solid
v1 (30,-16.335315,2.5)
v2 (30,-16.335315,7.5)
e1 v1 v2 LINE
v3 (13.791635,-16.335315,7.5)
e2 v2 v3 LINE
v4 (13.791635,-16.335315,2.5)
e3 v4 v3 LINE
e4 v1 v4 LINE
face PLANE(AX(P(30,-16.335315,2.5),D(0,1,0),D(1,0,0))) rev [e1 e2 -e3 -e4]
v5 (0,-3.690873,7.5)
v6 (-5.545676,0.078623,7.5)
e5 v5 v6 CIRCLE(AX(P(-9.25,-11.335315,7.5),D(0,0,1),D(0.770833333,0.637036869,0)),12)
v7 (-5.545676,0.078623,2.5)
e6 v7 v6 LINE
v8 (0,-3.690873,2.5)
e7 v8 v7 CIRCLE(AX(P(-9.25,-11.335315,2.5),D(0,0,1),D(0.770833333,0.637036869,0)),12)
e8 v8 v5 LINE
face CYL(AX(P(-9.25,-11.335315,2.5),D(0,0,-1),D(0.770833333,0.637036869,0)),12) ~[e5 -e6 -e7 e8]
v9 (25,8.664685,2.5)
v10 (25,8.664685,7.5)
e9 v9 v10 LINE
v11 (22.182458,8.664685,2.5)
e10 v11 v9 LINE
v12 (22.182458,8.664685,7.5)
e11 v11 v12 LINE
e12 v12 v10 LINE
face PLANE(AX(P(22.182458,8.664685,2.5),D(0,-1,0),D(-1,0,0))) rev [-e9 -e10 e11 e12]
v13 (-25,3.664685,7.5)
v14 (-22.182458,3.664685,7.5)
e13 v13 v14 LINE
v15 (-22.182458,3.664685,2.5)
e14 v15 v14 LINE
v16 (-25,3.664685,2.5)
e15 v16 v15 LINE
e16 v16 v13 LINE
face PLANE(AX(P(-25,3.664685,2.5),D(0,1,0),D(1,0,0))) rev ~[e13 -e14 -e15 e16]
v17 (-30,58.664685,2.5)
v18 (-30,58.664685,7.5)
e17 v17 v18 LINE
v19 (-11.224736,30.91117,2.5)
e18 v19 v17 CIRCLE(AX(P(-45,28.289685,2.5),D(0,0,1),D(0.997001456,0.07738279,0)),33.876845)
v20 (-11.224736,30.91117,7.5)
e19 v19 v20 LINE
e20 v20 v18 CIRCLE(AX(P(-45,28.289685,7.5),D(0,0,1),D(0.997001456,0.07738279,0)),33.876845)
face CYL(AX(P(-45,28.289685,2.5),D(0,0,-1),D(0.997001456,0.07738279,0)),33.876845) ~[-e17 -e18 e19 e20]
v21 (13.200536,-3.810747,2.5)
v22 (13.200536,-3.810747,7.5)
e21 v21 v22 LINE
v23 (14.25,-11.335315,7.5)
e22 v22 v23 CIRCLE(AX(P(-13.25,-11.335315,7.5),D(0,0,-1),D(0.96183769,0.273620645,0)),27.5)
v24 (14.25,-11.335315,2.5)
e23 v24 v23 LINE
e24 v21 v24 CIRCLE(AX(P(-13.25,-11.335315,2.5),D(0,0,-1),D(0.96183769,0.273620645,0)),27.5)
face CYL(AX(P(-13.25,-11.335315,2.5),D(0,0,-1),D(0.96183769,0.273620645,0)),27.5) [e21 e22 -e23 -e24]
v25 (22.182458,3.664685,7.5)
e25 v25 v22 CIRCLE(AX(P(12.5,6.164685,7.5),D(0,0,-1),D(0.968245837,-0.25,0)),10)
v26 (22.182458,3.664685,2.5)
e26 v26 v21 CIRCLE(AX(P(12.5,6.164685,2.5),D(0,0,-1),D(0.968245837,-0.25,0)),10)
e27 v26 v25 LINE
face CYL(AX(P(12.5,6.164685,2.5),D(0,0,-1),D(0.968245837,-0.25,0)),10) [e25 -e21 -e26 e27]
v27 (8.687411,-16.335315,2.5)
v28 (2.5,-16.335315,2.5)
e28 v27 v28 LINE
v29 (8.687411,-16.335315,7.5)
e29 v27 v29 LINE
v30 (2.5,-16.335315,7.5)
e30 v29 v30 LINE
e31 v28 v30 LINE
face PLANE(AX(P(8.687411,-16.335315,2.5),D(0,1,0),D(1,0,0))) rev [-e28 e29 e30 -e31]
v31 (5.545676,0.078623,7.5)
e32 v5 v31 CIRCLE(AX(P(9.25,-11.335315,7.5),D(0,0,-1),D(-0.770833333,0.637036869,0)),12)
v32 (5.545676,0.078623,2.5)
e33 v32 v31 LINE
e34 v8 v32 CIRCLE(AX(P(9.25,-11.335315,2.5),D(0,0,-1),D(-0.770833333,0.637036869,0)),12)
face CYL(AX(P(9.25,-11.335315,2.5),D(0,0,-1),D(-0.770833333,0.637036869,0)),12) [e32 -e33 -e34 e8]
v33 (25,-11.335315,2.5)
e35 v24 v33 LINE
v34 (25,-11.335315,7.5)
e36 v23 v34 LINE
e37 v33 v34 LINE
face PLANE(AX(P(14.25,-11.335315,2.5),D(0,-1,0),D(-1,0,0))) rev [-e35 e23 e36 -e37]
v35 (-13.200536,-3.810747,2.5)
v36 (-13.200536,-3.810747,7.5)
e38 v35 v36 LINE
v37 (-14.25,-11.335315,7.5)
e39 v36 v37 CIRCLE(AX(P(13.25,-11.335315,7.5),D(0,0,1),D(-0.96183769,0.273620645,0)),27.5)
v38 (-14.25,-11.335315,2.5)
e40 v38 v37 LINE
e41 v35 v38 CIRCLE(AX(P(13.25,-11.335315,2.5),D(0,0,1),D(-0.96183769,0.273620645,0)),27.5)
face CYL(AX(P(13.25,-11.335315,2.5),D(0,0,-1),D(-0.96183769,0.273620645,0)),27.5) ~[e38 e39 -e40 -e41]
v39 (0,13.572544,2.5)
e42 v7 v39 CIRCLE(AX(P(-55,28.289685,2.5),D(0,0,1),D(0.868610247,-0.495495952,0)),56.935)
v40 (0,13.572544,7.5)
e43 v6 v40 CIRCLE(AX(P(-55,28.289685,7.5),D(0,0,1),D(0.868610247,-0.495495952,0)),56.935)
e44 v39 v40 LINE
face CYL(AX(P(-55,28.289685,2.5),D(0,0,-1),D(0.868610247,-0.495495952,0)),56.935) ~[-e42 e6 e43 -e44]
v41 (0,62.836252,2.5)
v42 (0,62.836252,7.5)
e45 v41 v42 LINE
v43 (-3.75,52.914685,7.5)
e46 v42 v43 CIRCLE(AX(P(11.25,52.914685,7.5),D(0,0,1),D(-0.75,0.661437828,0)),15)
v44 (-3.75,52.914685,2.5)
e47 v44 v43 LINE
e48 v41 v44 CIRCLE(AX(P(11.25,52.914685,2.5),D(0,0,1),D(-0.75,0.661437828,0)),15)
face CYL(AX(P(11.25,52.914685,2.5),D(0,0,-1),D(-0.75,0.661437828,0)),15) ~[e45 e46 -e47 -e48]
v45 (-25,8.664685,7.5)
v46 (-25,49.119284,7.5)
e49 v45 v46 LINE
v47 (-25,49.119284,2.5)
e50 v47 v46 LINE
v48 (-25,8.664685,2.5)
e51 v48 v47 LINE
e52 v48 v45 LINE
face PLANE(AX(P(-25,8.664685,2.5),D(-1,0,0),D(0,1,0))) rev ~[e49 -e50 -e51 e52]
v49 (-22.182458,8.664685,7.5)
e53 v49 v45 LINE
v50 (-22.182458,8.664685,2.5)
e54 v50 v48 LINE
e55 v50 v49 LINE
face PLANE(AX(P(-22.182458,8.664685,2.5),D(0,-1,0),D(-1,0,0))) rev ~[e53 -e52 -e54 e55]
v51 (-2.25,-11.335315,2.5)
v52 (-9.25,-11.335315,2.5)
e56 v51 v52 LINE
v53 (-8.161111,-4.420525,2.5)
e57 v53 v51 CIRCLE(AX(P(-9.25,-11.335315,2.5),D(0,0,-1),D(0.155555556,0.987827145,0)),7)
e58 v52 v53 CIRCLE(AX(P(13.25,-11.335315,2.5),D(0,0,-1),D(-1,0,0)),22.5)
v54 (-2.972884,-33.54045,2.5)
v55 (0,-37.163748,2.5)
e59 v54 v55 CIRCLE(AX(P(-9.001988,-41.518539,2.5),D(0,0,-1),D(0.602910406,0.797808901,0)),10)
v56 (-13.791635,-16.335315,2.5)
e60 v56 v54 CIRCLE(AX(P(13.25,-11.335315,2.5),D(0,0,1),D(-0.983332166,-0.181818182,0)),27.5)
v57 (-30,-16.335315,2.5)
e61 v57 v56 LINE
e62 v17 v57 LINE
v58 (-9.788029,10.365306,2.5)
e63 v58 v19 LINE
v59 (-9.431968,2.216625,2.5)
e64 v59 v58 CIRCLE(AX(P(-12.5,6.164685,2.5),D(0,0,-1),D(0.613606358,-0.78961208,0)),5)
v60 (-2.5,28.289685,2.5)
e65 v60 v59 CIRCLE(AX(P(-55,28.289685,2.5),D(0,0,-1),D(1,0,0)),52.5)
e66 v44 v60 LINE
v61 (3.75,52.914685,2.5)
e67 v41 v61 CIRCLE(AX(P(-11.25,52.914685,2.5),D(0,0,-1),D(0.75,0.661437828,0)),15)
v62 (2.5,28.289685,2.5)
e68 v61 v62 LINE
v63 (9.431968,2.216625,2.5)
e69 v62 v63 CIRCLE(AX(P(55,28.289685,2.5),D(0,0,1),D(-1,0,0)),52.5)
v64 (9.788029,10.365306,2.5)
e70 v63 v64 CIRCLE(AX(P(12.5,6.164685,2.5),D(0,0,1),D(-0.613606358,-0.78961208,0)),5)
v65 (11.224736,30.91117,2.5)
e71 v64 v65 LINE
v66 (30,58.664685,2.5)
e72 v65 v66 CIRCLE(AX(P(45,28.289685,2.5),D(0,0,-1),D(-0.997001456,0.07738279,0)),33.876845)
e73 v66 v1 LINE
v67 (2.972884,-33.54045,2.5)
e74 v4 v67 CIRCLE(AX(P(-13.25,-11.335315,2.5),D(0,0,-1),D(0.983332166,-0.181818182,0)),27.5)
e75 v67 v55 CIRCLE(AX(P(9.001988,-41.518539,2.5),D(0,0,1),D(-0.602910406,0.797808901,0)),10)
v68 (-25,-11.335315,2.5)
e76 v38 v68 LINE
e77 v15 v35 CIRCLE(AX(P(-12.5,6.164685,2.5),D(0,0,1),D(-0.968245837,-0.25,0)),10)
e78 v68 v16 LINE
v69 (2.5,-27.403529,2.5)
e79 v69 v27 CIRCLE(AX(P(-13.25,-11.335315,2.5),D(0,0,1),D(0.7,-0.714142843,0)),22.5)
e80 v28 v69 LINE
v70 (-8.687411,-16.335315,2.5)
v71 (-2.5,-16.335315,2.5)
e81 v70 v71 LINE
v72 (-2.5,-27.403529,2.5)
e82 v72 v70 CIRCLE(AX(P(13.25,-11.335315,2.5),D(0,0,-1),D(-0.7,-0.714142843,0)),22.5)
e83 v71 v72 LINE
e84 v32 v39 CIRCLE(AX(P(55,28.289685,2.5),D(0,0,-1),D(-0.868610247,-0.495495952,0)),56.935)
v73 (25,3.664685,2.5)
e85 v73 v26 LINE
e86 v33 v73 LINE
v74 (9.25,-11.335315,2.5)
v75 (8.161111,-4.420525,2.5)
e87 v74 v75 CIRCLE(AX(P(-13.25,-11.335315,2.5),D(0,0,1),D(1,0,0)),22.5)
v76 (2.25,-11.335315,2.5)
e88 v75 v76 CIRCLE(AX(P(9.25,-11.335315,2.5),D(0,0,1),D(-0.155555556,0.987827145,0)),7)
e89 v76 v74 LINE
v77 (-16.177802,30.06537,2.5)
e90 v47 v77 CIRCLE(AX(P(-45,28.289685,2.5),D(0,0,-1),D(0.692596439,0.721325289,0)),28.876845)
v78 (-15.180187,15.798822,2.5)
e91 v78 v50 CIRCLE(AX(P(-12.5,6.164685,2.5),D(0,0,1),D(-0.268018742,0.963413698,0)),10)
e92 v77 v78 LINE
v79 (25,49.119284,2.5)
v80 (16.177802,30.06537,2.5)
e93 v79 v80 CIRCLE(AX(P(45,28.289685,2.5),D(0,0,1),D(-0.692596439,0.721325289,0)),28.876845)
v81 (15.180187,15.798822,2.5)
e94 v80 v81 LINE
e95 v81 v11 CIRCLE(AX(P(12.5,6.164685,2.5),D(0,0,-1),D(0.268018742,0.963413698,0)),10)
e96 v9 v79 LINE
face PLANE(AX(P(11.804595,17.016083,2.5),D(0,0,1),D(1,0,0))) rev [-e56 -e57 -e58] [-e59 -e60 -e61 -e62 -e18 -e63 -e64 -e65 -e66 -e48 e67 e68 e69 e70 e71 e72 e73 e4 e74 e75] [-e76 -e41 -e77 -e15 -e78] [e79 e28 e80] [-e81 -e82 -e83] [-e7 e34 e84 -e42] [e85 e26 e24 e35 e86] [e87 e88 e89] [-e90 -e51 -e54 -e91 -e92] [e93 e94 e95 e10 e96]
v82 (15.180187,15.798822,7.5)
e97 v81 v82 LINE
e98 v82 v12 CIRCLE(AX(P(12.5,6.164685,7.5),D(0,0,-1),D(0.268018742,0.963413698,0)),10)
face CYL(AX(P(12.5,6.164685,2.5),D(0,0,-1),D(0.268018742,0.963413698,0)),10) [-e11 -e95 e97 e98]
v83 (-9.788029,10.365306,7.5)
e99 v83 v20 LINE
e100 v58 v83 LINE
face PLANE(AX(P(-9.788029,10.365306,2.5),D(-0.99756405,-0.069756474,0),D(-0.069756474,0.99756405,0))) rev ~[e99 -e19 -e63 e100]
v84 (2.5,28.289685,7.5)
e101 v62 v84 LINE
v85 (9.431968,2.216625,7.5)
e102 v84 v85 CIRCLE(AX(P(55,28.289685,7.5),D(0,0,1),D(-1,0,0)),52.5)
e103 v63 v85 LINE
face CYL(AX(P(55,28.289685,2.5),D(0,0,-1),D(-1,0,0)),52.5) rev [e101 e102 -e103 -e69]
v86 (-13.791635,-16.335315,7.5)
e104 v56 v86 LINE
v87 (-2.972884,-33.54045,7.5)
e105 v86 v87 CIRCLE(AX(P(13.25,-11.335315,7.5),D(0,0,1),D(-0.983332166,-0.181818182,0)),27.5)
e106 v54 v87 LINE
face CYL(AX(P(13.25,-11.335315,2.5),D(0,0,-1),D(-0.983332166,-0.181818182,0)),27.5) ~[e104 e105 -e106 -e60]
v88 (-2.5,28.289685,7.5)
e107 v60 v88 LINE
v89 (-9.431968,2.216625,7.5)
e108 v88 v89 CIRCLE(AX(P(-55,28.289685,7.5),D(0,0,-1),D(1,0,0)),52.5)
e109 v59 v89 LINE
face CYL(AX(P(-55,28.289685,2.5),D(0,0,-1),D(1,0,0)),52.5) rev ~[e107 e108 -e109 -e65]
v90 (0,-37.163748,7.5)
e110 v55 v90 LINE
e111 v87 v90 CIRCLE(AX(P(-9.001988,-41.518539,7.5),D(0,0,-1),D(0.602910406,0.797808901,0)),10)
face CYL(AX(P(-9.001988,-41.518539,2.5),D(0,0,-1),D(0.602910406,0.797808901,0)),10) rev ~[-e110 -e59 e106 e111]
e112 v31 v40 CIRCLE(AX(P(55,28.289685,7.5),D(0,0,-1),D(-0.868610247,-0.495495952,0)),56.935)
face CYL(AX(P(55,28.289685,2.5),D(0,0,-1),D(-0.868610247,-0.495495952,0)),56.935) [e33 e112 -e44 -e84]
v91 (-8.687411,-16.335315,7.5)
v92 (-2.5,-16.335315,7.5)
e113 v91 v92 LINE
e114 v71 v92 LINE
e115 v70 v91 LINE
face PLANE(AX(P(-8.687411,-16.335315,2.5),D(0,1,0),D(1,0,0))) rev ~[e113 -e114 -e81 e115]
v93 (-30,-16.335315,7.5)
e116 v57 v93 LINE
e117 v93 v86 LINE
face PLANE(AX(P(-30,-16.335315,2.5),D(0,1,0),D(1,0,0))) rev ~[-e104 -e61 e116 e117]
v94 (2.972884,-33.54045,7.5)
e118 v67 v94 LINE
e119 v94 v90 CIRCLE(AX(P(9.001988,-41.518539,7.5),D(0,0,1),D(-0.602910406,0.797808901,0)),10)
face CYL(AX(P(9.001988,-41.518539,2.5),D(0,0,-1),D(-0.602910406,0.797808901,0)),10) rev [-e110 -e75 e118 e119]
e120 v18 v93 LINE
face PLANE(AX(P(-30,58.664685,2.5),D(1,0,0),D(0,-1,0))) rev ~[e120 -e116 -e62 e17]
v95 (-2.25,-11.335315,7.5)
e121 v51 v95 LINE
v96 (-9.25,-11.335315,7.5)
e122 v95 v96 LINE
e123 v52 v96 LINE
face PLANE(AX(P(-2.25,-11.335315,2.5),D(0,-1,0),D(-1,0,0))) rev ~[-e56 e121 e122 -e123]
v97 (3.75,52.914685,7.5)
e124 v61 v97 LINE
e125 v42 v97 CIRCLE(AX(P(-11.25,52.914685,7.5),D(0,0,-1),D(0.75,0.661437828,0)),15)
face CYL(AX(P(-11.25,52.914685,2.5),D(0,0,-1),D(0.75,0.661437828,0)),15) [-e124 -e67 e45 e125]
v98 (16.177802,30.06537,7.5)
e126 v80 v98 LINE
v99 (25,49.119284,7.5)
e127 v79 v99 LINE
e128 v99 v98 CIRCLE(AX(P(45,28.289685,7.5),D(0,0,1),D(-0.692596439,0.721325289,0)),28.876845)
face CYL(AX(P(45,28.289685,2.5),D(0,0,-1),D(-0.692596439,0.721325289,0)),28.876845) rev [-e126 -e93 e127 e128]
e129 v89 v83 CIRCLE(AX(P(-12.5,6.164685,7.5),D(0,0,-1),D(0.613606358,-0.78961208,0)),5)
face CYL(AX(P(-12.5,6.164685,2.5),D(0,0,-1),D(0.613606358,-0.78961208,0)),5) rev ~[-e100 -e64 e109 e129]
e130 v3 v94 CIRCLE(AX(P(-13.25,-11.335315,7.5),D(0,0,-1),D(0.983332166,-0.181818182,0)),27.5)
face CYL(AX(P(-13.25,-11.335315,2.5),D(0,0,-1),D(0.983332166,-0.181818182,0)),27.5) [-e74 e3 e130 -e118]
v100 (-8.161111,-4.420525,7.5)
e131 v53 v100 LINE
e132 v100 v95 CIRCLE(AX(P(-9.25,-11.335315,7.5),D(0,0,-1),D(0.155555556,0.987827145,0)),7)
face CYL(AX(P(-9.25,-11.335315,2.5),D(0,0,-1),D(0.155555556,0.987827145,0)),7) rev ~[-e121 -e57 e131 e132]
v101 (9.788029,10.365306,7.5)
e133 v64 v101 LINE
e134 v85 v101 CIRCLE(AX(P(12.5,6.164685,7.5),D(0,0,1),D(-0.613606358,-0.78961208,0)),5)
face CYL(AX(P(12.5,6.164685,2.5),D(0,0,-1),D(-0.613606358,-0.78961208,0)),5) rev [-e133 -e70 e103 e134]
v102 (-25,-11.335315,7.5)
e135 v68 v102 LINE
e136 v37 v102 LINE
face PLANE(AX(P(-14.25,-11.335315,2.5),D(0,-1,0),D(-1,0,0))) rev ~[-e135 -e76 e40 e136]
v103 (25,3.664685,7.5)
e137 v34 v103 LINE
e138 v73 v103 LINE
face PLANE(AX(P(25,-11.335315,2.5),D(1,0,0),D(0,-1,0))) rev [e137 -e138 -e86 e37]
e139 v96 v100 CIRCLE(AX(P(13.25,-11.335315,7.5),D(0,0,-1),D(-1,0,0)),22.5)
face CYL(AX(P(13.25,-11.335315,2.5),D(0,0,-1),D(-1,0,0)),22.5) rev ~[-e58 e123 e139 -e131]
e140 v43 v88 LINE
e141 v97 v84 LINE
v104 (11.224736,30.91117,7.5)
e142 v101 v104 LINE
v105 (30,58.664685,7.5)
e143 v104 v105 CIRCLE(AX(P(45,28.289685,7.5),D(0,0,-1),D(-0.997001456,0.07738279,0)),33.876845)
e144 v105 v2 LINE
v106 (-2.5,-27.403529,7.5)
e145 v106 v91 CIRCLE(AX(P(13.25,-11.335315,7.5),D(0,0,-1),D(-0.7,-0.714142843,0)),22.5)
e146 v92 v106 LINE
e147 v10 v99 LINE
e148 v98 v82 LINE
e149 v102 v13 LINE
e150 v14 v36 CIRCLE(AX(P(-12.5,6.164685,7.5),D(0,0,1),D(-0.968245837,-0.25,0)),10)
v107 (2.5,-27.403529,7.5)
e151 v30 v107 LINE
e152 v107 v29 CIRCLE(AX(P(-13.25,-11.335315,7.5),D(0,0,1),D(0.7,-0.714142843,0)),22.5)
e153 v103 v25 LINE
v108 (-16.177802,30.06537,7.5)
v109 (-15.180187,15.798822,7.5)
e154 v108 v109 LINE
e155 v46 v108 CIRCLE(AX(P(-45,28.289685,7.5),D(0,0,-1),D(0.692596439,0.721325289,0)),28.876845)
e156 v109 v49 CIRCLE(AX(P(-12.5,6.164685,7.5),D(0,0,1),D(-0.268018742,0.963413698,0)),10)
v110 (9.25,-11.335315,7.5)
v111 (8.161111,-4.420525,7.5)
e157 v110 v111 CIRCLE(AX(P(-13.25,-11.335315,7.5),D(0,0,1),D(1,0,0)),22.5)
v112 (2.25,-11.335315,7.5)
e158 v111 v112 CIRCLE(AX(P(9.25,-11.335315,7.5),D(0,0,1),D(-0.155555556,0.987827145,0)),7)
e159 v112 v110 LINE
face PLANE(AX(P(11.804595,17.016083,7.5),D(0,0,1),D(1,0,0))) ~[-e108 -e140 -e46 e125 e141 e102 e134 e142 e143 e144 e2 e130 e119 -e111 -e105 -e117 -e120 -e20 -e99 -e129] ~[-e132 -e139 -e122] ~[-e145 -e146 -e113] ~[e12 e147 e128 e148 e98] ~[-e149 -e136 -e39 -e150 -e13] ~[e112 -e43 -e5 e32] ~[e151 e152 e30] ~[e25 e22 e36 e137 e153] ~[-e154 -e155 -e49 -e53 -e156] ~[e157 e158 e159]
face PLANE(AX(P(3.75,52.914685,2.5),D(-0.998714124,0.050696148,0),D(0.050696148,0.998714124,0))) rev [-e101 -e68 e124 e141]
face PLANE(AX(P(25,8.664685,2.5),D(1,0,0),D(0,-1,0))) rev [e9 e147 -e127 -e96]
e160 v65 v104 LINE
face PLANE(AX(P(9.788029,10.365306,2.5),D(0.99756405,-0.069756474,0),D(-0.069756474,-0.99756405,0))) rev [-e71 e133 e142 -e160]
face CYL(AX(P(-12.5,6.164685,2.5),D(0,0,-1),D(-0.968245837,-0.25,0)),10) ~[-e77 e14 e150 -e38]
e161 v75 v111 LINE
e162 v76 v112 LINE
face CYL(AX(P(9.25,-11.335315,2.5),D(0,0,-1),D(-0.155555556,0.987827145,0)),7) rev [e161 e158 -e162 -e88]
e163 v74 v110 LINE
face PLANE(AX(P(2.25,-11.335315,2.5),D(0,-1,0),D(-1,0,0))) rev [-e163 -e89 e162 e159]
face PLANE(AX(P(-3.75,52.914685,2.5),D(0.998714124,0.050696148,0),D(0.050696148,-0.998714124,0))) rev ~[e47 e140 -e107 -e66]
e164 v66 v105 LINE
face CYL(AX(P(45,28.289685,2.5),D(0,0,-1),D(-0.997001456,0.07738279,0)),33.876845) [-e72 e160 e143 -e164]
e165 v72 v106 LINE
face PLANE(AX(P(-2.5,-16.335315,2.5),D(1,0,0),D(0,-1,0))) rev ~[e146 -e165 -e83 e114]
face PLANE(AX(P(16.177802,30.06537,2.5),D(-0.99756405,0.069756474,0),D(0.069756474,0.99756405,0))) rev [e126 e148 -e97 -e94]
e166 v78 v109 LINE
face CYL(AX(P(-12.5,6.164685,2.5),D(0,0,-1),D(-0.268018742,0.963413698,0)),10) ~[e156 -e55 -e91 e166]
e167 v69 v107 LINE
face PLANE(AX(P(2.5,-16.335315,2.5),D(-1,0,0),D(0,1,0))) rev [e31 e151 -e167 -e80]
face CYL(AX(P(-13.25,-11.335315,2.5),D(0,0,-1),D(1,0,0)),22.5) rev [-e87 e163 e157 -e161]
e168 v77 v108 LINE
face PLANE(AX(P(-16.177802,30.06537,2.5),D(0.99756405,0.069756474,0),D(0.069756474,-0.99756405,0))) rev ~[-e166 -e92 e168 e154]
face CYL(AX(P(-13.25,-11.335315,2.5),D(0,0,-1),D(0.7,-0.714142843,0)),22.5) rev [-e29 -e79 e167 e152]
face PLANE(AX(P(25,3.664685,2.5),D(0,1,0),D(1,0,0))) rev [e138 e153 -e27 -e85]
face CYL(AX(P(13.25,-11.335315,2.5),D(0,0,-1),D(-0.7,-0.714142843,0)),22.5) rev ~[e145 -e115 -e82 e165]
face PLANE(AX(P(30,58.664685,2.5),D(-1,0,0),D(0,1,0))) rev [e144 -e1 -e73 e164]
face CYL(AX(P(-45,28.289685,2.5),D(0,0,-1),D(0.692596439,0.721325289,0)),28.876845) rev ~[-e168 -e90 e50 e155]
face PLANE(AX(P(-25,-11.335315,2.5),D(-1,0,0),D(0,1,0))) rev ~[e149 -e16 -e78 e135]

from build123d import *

# Parameters (mm, degrees)
EXTRUDE_1_DEPTH = 10
SCALE_1_SCALE   = 0.5


with BuildPart() as part:
    # Эскиз1 → Бобышка-Вытянуть1 (new body)
    with BuildSketch(Plane.XY):
        with BuildLine():
            Line((-60, -45), (-27.583269132, -45))
            ThreePointArc((-27.583269132, -45), (-20.06001769, -64.277376125), (-5.945767968, -79.41027067))
            ThreePointArc((-5.945767968, -79.41027067), (-2.542345747, -82.680315027), (0, -86.656865167))
            Line((0, -86.656865167), (0, -19.711115149))
            ThreePointArc((0, -19.711115149), (-5.008387109, -15.151161707), (-11.091351129, -12.172124017))
            ThreePointArc((-11.091351129, -12.172124017), (-4.677676581, 0.965070873), (0, 14.815718966))
            Line((0, 14.815718966), (0, 113.343134833))
            ThreePointArc((0, 113.343134833), (-5.562430401, 104.106601718), (-7.5, 93.5))
            Line((-7.5, 93.5), (-5, 44.25))
            ThreePointArc((-5, 44.25), (-8.525159088, 17.271181236), (-18.863936417, -7.896120801))
            ThreePointArc((-18.863936417, -7.896120801), (-34.990467135, -0.436539144), (-19.576058944, 8.401241779))
            Line((-19.576058944, 8.401241779), (-22.449472465, 49.49296956))
            ThreePointArc((-22.449472465, 49.49296956), (-33.881518529, 82.214174393), (-60, 105))
            Line((-60, 105), (-60, -45))
        make_face()
        with BuildLine():
            ThreePointArc((-26.401072965, -19.950864506), (-27.972740949, -27.40259956), (-28.5, -35))
            Line((-28.5, -35), (-50, -35))
            Line((-50, -35), (-50, -5))
            Line((-50, -5), (-44.364916731, -5))
            ThreePointArc((-44.364916731, -5), (-37.794087282, -15.372421104), (-26.401072965, -19.950864506))
        make_face(mode=Mode.SUBTRACT)
        with BuildLine():
            Line((-5, -45), (-5, -67.136427928))
            ThreePointArc((-5, -67.136427928), (-12.779082294, -56.957998409), (-17.374821937, -45))
            Line((-17.374821937, -45), (-5, -45))
        make_face(mode=Mode.SUBTRACT)
        with BuildLine():
            Line((-4.5, -35), (-18.5, -35))
            ThreePointArc((-18.5, -35), (-17.952221542, -28), (-16.322222222, -21.170419965))
            ThreePointArc((-16.322222222, -21.170419965), (-7.858362699, -25.902991945), (-4.5, -35))
        make_face(mode=Mode.SUBTRACT)
        with BuildLine():
            Line((-44.364916731, 5), (-50, 5))
            Line((-50, 5), (-50, 85.909197079))
            ThreePointArc((-50, 85.909197079), (-37.591425702, 68.515820434), (-32.355603325, 47.801370616))
            Line((-32.355603325, 47.801370616), (-30.360374841, 19.268273964))
            ThreePointArc((-30.360374841, 19.268273964), (-39.273434111, 14.009606657), (-44.364916731, 5))
        make_face(mode=Mode.SUBTRACT)
    extrude_1 = extrude(amount=EXTRUDE_1_DEPTH)

    # Зеркальное отражение1: Бобышка-Вытянуть1 across plane
    add(extrude_1.mirror(Plane(origin=(0, 0, 0), x_dir=(0, 0, 1), z_dir=(1, 0, 0))))


with BuildPart() as part_1:
    # Масштаб1: scaled about (0, 12.329369983, 5)
    add(part.part.scale(SCALE_1_SCALE).moved(Location((0, 6.164684991, 2.5))))


solid = part_1.part
